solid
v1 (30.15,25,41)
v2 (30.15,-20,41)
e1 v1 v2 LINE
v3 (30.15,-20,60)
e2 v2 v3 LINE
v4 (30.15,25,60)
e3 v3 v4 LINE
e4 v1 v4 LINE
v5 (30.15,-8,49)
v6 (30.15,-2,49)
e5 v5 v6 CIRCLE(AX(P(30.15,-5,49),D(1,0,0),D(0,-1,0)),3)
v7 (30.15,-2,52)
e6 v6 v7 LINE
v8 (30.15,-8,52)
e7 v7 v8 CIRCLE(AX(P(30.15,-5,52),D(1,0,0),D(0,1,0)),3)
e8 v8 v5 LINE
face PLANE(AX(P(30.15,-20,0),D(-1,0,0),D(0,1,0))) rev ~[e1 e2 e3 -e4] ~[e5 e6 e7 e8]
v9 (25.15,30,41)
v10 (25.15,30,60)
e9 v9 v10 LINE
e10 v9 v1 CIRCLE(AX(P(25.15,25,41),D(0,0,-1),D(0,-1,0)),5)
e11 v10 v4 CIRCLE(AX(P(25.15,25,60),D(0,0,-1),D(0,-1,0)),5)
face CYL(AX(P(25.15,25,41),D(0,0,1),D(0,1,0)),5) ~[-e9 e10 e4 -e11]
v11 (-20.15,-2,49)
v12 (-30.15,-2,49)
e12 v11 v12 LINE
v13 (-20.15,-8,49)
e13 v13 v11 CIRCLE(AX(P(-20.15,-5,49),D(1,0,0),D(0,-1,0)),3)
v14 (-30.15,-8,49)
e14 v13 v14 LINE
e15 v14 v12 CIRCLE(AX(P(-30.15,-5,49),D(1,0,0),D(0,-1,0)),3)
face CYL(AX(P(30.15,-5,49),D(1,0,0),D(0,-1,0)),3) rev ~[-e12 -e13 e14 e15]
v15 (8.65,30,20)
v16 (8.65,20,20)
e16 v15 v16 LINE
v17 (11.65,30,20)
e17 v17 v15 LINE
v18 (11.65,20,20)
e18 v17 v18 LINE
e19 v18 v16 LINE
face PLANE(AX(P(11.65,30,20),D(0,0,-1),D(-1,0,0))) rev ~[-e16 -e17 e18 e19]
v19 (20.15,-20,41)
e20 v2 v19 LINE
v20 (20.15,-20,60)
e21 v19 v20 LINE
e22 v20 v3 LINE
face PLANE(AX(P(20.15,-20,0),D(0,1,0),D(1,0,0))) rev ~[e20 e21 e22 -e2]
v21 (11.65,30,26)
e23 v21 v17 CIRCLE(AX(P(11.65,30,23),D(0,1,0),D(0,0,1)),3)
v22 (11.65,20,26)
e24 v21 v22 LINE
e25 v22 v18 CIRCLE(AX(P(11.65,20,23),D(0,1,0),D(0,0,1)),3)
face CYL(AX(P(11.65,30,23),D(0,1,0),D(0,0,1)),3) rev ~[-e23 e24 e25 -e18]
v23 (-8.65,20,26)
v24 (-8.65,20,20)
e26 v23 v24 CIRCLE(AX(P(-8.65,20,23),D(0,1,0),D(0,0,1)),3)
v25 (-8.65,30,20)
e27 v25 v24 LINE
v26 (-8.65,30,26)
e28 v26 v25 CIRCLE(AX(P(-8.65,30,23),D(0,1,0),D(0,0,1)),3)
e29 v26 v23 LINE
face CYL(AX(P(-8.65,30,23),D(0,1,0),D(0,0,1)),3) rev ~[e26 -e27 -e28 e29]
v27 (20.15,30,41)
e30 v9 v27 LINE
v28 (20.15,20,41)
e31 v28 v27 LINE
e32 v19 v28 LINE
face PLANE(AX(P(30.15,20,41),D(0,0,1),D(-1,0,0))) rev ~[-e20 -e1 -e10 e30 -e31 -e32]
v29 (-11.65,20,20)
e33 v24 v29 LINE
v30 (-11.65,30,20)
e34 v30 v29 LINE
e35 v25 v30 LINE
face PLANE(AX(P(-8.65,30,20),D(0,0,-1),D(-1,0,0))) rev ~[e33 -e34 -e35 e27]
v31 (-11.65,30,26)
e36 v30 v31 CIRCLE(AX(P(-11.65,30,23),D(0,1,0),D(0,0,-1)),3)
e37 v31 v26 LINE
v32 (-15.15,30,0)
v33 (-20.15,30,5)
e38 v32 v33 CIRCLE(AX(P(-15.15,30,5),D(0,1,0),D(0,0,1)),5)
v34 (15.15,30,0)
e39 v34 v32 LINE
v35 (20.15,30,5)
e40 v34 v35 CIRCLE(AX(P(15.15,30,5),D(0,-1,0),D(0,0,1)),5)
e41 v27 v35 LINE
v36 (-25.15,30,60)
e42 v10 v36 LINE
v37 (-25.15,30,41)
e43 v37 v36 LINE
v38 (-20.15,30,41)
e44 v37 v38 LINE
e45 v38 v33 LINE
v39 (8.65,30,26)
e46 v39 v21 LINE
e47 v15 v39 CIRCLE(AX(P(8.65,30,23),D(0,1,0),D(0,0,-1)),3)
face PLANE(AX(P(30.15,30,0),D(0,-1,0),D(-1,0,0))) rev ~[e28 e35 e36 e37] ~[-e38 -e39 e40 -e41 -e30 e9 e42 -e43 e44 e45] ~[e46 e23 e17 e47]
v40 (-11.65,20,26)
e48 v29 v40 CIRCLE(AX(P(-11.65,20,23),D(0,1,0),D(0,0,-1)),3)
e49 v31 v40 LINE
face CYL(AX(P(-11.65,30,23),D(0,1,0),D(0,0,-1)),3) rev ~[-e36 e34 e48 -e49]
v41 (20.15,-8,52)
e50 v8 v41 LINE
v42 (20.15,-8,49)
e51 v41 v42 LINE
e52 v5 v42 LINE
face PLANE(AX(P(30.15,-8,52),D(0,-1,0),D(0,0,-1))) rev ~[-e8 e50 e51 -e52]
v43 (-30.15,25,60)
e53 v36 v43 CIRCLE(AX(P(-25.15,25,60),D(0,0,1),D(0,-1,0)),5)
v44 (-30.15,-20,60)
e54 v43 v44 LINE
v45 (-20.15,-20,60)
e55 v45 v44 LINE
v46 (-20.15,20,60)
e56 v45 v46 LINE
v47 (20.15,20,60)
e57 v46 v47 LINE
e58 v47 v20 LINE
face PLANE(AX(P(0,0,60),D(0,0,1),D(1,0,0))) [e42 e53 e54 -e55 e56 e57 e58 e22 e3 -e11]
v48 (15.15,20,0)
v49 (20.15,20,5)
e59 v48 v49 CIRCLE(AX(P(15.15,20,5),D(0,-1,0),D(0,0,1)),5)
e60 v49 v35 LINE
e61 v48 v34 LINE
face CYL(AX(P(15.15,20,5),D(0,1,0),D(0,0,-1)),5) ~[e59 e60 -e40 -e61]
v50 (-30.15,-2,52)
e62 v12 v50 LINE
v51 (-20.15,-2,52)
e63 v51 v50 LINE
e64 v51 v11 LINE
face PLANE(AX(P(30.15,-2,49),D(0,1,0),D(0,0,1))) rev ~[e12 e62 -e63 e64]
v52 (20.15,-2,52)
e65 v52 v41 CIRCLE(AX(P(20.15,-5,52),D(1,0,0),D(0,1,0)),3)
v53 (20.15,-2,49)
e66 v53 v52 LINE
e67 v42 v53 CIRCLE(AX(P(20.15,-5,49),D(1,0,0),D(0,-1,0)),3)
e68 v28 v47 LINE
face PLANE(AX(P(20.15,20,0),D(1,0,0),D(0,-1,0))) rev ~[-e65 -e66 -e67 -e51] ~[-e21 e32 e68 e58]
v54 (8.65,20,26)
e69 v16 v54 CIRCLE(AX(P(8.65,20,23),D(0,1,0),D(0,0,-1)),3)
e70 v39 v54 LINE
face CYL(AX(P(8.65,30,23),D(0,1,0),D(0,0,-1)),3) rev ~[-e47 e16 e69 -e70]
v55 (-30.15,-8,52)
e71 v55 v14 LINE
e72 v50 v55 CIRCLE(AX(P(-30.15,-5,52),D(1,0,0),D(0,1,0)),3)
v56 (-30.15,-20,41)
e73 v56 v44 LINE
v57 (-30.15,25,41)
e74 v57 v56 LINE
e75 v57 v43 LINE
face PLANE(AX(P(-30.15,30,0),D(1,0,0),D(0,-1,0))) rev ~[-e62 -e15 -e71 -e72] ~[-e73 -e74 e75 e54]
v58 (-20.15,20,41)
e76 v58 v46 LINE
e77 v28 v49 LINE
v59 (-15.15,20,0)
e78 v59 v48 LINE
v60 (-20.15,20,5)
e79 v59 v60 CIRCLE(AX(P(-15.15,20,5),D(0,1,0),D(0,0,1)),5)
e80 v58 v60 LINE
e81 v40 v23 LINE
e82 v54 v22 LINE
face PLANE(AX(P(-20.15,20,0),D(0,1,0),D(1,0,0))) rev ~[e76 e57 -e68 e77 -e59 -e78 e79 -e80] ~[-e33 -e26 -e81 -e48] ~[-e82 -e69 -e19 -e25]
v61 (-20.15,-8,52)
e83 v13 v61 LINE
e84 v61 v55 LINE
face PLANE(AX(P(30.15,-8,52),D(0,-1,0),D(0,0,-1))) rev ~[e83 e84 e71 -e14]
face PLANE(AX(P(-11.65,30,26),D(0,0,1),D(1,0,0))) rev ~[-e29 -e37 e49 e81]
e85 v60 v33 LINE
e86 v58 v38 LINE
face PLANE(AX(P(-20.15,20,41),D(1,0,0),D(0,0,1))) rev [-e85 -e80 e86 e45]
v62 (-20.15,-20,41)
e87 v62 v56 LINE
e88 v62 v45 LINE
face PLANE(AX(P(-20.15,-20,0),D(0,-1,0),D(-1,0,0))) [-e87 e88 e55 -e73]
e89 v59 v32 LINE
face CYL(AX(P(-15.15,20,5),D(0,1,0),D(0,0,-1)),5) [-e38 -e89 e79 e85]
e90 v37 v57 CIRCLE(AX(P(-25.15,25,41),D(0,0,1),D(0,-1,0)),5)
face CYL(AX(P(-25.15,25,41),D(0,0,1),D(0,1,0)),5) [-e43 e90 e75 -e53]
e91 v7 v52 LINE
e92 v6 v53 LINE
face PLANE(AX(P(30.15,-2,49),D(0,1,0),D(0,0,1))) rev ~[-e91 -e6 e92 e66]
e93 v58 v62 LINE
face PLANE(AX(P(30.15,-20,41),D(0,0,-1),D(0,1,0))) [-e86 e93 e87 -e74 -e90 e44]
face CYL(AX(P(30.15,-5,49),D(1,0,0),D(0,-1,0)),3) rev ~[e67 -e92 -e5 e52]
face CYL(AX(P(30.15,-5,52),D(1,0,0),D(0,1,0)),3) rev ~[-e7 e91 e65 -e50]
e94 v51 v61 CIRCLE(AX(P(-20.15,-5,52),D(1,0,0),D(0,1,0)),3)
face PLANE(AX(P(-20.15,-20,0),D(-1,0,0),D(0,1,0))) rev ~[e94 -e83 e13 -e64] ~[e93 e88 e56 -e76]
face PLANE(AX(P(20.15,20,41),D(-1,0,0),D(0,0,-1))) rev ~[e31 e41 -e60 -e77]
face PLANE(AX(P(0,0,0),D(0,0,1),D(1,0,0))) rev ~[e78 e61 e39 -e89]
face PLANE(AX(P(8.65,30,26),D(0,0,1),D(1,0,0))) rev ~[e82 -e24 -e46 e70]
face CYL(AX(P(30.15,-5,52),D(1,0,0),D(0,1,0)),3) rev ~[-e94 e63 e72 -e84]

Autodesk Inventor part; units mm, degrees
ref_plane "YZ Plane" through (0, 0, 0) normal (1, 0, 0) x (0, 1, 0)
ref_plane "XZ Plane" through (0, 0, 0) normal (0, 1, 0) x (-1, 0, 0)
ref_plane "XY Plane" through (0, 0, 0) normal (0, 0, 1) x (1, 0, 0)
sketch "Sketch1" plane through (0, 0, 0) normal (0, 0, 1) x (1, 0, 0)
  line L0 (-20.15, 20) -> (20.15, 20)
  line L1 (20.15, 20) -> (20.15, -20)
  line L2 (20.15, -20) -> (-20.15, -20)
  line L3 (-20.15, -20) -> (-20.15, 20)
  line L4 (30.15, 30) -> (-30.15, 30)
  line L5 (-30.15, 30) -> (-30.15, -30)
  line L6 (-30.15, -30) -> (30.15, -30)
  line L7 (30.15, -30) -> (30.15, 30)
  line L8 (-20.15, -20) -> (-30.15, -20)
  line L9 (20.15, -20) -> (30.15, -20)
  point P0 (0, 0)
  point P1 (0, 20)
  point P2 (-20.15, 0)
  dimension "d0" = 40.3
  dimension "d1" = 40
  dimension "d2" = 10
extrude "Extrusion1" add sketch "Sketch1" along normal blind 60 contours L3 L8 L5 L4 L7 L9 L1 L0
sketch "Sketch3" plane through (30.15, -20, 0) normal (1, 0, 0) x (0, 0, -1)
  line L0 (-41, 40) -> (0, 40)
  line L1 (0, 40) -> (0, 0)
  line L2 (0, 0) -> (-41, 0)
  line L3 (-41, 0) -> (-41, 40)
  line L4 (-60, 0) -> (-60, 50) projected
  line L5 (0, 0) -> (-60, 0) projected
  line L6 (0, 50) -> (-60, 50) projected
  line L7 (0, 0) -> (0, 50) projected
  point P0 (0, 20)
  dimension "d5" = 19
  dimension "d6" = 10
extrude "Extrusion2" cut sketch "Sketch3" against normal through all contours L0 L1 L2 L3
sketch "Sketch5" plane through (-30.15, 20, 0) normal (0, -1, 0) x (1, 0, 0)
  line L0 (60.3, 41) -> (50.3, 41)
  line L1 (50.3, 41) -> (50.3, 0)
  line L2 (50.3, 0) -> (60.3, 0)
  line L3 (60.3, 0) -> (60.3, 41)
  line L4 (60.3, 41) -> (60.3, 0) projected
  line L5 (0, 0) -> (60.3, 0) projected
  line L6 (60.3, 41) -> (50.3, 41) projected
  line L7 (50.3, 41) -> (50.3, 60) projected
  point P0 (30.15, 0)
extrude "Extrusion4" cut sketch "Sketch5" against normal through all
mirror "Mirror1" about plane through (0, 0, 0) normal (1, 0, 0) of "Extrusion4"
fillet "Fillet1" radius 5 4 edges at (-30.15, 30, 50.5) (30.15, 30, 50.5) (-20.15, 25, 0) (20.15, 25, 0)
sketch "Sketch9" plane through (30.15, -20, 60) normal (1, 0, 0) x (0, 0, -1)
  line L0 (8, 15) -> (11, 15) construction
  line L1 (8, 12) -> (11, 12)
  line L2 (11, 18) -> (8, 18)
  arc A0 (8, 18) -> (8, 12) centre (8, 15) ccw
  arc A1 (11, 12) -> (11, 18) centre (11, 15) ccw
  line L3 (19, 0) -> (0, 0) projected
  point P0 (60, 20)
  point P1 (9.5, 15)
  point P2 (9.5, 0)
  dimension "d34" = 3
  dimension "d35" = 6
  dimension "d36" = 15
extrude "Extrusion5" cut sketch "Sketch9" against normal through all
sketch "Sketch10" plane through (-15.15, 30, 0) normal (0, 1, 0) x (1, 0, 0)
  line L0 (3.5, -23) -> (6.5, -23) construction
  line L1 (3.5, -26) -> (6.5, -26)
  line L2 (6.5, -20) -> (3.5, -20)
  arc A0 (3.5, -20) -> (3.5, -26) centre (3.5, -23) ccw
  arc A1 (6.5, -26) -> (6.5, -20) centre (6.5, -23) ccw
  line L3 (23.8, -23) -> (26.8, -23) construction
  line L4 (23.8, -26) -> (26.8, -26)
  line L5 (26.8, -20) -> (23.8, -20)
  arc A2 (23.8, -20) -> (23.8, -26) centre (23.8, -23) ccw
  arc A3 (26.8, -26) -> (26.8, -20) centre (26.8, -23) ccw
  line L6 (-5, -5) -> (-5, -41) projected
  line L7 (35.3, -41) -> (35.3, -5) projected
  point P0 (15.15, 0)
  point P1 (5, -23)
  point P2 (25.3, -23)
  point P3 (-5, -23)
  dimension "d39" = 3
  dimension "d40" = 6
  dimension "d41" = 10
  dimension "d42" = 10
extrude "Extrusion6" cut sketch "Sketch10" against normal through all
properties part number "0008-10-032 Suport cadru si axa Z" material "ABS Plastic"
